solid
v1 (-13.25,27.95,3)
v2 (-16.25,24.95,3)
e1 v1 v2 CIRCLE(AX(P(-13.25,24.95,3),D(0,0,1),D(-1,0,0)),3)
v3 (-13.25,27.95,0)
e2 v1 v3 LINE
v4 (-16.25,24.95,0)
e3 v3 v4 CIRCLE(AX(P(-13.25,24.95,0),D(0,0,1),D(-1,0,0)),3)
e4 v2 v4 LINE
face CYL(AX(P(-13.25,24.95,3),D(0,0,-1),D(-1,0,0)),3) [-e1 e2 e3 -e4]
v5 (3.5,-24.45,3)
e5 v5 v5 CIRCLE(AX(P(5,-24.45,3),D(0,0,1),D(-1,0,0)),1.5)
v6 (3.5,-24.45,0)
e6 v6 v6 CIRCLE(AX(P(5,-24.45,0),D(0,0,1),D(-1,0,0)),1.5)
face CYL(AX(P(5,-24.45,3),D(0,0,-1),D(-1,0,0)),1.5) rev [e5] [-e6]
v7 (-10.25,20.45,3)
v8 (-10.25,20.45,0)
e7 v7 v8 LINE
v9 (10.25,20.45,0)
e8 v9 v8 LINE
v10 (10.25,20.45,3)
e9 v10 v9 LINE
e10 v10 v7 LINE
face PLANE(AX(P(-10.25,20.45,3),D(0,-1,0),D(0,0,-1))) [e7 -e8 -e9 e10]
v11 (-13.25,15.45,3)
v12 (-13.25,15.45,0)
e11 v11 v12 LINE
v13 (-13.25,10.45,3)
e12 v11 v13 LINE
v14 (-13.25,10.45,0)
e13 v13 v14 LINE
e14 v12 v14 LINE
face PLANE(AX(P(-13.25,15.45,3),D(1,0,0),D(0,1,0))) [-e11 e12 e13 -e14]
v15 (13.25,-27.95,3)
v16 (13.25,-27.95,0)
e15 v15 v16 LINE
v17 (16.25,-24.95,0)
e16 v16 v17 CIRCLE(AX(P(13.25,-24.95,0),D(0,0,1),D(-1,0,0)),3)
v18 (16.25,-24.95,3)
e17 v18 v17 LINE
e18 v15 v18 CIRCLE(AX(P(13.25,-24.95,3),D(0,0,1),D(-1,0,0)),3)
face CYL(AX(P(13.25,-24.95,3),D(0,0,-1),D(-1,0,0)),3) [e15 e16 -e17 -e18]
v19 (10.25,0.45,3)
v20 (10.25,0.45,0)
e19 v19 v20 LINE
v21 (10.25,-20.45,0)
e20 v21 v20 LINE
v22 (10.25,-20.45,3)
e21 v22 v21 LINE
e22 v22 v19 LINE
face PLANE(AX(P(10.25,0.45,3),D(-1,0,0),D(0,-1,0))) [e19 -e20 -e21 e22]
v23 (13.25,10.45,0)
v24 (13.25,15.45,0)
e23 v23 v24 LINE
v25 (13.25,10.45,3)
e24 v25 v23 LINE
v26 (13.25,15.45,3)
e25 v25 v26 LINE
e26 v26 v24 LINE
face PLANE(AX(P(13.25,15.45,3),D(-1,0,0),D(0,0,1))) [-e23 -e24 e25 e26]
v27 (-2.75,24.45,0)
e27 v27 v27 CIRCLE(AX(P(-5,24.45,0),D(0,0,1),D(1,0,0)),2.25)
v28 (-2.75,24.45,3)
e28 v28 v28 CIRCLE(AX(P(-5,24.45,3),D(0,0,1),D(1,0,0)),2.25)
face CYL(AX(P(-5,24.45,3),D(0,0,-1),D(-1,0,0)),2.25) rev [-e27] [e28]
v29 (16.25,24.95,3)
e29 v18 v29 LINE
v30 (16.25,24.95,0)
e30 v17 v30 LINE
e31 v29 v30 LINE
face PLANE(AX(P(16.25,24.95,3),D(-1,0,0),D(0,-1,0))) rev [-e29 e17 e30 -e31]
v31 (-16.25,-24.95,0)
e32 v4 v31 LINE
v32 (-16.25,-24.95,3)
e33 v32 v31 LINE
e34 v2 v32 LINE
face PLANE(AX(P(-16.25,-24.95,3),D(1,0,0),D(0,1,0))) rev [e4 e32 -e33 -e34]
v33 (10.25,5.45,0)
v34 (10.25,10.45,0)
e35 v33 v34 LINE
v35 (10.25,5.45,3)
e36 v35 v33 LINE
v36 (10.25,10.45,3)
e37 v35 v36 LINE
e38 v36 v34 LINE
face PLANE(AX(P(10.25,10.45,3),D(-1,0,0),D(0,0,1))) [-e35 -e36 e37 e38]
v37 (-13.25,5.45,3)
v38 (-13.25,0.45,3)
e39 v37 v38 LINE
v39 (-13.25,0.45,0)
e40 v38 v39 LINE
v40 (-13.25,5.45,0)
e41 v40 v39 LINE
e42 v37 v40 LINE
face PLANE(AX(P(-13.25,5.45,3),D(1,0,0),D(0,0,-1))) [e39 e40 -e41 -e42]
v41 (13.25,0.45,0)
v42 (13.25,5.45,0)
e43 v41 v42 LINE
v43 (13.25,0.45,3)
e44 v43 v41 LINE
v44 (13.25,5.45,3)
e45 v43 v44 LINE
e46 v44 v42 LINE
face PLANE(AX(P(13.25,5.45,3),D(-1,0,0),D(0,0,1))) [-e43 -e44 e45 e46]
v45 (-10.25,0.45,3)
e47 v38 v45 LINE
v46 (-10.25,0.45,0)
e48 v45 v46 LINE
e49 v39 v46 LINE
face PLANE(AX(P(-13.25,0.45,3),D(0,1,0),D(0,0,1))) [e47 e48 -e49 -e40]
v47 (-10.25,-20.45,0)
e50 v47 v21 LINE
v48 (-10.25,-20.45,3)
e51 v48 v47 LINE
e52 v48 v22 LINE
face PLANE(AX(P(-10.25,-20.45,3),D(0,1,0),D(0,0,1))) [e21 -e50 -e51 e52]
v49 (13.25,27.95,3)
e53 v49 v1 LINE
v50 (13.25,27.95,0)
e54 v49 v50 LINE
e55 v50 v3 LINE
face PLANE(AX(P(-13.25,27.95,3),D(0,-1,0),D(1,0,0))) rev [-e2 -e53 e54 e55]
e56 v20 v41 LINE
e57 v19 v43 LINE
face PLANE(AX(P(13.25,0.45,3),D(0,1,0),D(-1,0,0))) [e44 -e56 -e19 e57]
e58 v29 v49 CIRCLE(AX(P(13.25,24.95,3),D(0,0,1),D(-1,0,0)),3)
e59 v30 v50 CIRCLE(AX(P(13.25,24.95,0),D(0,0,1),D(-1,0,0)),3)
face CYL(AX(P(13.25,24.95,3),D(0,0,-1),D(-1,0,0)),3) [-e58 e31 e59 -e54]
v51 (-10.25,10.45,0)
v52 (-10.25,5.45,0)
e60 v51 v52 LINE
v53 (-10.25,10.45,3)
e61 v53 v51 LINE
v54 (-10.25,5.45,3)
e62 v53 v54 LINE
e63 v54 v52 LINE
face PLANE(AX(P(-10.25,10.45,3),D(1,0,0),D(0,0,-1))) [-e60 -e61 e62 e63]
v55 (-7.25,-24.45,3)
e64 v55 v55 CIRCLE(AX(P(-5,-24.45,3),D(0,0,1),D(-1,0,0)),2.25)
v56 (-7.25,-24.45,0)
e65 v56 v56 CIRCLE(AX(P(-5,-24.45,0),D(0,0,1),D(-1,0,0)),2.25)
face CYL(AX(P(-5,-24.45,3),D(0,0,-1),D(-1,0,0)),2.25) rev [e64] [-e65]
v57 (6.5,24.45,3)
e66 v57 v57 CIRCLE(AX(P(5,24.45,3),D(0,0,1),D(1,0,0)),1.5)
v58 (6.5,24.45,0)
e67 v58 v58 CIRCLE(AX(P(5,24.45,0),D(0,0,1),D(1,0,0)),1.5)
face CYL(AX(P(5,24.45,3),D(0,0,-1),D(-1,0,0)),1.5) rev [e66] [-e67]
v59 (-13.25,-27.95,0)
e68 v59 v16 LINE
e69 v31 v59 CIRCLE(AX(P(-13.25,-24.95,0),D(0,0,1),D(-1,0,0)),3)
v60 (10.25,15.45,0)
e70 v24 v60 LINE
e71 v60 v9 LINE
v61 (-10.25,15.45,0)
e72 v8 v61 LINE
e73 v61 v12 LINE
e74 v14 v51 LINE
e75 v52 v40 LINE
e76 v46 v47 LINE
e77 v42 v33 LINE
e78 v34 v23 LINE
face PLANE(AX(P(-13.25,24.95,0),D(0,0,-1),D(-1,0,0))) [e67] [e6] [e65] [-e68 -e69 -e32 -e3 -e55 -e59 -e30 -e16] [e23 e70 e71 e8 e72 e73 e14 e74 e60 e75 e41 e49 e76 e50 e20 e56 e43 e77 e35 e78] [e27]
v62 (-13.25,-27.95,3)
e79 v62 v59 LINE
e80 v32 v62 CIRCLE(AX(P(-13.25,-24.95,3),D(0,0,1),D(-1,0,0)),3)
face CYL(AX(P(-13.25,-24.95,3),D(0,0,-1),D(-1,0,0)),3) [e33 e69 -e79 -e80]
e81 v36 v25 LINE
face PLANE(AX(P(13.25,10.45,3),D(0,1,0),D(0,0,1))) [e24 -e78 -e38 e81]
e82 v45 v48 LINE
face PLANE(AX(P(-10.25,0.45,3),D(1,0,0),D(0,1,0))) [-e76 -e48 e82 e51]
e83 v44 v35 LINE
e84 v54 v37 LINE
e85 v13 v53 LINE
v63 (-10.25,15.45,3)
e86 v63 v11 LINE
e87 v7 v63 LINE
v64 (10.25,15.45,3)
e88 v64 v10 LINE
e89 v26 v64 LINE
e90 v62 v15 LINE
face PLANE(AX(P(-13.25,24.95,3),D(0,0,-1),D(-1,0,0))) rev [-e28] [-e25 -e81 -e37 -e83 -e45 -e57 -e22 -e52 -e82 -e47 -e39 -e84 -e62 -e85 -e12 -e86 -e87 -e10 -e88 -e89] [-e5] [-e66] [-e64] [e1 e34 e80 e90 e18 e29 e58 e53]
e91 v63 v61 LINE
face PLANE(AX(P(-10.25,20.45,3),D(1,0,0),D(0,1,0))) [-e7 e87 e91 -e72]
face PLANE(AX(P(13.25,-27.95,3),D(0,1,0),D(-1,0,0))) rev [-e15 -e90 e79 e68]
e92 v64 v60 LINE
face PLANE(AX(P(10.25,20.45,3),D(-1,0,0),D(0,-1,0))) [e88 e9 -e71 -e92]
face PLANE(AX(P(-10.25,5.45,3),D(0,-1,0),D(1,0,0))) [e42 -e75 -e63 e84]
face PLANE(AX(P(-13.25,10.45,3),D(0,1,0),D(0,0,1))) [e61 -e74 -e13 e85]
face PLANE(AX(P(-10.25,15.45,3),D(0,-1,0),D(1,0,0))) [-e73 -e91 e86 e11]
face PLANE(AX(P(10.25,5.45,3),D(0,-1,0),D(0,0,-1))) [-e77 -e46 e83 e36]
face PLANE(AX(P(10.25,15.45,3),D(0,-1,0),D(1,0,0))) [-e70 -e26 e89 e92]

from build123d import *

# Parameters (mm, degrees)
SKETCH1_R           = 2.25
SKETCH1_R_2         = 1.5
BOSS_EXTRUDE1_DEPTH = 3


with BuildPart() as part:
    # Sketch1 → Boss-Extrude1 (new body)
    with BuildSketch(Plane.XY):
        with BuildLine():
            Line((-13.25, 27.95), (13.25, 27.95))
            ThreePointArc((13.25, 27.95), (15.371320344, 27.071320344), (16.25, 24.95))
            Line((16.25, 24.95), (16.25, -24.95))
            ThreePointArc((16.25, -24.95), (15.371320344, -27.071320344), (13.25, -27.95))
            Line((13.25, -27.95), (-13.25, -27.95))
            ThreePointArc((-13.25, -27.95), (-15.371320344, -27.071320344), (-16.25, -24.95))
            Line((-16.25, -24.95), (-16.25, 24.95))
            ThreePointArc((-16.25, 24.95), (-15.371320344, 27.071320344), (-13.25, 27.95))
        make_face()
        with Locations((-5, 24.45)):
            Circle(SKETCH1_R, mode=Mode.SUBTRACT)
        with Locations((5, 24.45)):
            Circle(SKETCH1_R_2, mode=Mode.SUBTRACT)
        with Locations(Location((5, -24.45, 0), (0, 0, 180))):
            Circle(SKETCH1_R_2, mode=Mode.SUBTRACT)
        with Locations(Location((-5, -24.45, 0), (0, 0, 180))):
            Circle(SKETCH1_R, mode=Mode.SUBTRACT)
        Polygon((-10.25, 20.45), (10.25, 20.45), (10.25, 15.45), (13.25, 15.45), (13.25, 10.45), (10.25, 10.45), (10.25, 5.45), (13.25, 5.45), (13.25, 0.45), (10.25, 0.45), (10.25, -20.45), (-10.25, -20.45), (-10.25, 0.45), (-13.25, 0.45), (-13.25, 5.45), (-10.25, 5.45), (-10.25, 10.45), (-13.25, 10.45), (-13.25, 15.45), (-10.25, 15.45), align=None, mode=Mode.SUBTRACT)
    extrude(amount=BOSS_EXTRUDE1_DEPTH)


solid = part.part
